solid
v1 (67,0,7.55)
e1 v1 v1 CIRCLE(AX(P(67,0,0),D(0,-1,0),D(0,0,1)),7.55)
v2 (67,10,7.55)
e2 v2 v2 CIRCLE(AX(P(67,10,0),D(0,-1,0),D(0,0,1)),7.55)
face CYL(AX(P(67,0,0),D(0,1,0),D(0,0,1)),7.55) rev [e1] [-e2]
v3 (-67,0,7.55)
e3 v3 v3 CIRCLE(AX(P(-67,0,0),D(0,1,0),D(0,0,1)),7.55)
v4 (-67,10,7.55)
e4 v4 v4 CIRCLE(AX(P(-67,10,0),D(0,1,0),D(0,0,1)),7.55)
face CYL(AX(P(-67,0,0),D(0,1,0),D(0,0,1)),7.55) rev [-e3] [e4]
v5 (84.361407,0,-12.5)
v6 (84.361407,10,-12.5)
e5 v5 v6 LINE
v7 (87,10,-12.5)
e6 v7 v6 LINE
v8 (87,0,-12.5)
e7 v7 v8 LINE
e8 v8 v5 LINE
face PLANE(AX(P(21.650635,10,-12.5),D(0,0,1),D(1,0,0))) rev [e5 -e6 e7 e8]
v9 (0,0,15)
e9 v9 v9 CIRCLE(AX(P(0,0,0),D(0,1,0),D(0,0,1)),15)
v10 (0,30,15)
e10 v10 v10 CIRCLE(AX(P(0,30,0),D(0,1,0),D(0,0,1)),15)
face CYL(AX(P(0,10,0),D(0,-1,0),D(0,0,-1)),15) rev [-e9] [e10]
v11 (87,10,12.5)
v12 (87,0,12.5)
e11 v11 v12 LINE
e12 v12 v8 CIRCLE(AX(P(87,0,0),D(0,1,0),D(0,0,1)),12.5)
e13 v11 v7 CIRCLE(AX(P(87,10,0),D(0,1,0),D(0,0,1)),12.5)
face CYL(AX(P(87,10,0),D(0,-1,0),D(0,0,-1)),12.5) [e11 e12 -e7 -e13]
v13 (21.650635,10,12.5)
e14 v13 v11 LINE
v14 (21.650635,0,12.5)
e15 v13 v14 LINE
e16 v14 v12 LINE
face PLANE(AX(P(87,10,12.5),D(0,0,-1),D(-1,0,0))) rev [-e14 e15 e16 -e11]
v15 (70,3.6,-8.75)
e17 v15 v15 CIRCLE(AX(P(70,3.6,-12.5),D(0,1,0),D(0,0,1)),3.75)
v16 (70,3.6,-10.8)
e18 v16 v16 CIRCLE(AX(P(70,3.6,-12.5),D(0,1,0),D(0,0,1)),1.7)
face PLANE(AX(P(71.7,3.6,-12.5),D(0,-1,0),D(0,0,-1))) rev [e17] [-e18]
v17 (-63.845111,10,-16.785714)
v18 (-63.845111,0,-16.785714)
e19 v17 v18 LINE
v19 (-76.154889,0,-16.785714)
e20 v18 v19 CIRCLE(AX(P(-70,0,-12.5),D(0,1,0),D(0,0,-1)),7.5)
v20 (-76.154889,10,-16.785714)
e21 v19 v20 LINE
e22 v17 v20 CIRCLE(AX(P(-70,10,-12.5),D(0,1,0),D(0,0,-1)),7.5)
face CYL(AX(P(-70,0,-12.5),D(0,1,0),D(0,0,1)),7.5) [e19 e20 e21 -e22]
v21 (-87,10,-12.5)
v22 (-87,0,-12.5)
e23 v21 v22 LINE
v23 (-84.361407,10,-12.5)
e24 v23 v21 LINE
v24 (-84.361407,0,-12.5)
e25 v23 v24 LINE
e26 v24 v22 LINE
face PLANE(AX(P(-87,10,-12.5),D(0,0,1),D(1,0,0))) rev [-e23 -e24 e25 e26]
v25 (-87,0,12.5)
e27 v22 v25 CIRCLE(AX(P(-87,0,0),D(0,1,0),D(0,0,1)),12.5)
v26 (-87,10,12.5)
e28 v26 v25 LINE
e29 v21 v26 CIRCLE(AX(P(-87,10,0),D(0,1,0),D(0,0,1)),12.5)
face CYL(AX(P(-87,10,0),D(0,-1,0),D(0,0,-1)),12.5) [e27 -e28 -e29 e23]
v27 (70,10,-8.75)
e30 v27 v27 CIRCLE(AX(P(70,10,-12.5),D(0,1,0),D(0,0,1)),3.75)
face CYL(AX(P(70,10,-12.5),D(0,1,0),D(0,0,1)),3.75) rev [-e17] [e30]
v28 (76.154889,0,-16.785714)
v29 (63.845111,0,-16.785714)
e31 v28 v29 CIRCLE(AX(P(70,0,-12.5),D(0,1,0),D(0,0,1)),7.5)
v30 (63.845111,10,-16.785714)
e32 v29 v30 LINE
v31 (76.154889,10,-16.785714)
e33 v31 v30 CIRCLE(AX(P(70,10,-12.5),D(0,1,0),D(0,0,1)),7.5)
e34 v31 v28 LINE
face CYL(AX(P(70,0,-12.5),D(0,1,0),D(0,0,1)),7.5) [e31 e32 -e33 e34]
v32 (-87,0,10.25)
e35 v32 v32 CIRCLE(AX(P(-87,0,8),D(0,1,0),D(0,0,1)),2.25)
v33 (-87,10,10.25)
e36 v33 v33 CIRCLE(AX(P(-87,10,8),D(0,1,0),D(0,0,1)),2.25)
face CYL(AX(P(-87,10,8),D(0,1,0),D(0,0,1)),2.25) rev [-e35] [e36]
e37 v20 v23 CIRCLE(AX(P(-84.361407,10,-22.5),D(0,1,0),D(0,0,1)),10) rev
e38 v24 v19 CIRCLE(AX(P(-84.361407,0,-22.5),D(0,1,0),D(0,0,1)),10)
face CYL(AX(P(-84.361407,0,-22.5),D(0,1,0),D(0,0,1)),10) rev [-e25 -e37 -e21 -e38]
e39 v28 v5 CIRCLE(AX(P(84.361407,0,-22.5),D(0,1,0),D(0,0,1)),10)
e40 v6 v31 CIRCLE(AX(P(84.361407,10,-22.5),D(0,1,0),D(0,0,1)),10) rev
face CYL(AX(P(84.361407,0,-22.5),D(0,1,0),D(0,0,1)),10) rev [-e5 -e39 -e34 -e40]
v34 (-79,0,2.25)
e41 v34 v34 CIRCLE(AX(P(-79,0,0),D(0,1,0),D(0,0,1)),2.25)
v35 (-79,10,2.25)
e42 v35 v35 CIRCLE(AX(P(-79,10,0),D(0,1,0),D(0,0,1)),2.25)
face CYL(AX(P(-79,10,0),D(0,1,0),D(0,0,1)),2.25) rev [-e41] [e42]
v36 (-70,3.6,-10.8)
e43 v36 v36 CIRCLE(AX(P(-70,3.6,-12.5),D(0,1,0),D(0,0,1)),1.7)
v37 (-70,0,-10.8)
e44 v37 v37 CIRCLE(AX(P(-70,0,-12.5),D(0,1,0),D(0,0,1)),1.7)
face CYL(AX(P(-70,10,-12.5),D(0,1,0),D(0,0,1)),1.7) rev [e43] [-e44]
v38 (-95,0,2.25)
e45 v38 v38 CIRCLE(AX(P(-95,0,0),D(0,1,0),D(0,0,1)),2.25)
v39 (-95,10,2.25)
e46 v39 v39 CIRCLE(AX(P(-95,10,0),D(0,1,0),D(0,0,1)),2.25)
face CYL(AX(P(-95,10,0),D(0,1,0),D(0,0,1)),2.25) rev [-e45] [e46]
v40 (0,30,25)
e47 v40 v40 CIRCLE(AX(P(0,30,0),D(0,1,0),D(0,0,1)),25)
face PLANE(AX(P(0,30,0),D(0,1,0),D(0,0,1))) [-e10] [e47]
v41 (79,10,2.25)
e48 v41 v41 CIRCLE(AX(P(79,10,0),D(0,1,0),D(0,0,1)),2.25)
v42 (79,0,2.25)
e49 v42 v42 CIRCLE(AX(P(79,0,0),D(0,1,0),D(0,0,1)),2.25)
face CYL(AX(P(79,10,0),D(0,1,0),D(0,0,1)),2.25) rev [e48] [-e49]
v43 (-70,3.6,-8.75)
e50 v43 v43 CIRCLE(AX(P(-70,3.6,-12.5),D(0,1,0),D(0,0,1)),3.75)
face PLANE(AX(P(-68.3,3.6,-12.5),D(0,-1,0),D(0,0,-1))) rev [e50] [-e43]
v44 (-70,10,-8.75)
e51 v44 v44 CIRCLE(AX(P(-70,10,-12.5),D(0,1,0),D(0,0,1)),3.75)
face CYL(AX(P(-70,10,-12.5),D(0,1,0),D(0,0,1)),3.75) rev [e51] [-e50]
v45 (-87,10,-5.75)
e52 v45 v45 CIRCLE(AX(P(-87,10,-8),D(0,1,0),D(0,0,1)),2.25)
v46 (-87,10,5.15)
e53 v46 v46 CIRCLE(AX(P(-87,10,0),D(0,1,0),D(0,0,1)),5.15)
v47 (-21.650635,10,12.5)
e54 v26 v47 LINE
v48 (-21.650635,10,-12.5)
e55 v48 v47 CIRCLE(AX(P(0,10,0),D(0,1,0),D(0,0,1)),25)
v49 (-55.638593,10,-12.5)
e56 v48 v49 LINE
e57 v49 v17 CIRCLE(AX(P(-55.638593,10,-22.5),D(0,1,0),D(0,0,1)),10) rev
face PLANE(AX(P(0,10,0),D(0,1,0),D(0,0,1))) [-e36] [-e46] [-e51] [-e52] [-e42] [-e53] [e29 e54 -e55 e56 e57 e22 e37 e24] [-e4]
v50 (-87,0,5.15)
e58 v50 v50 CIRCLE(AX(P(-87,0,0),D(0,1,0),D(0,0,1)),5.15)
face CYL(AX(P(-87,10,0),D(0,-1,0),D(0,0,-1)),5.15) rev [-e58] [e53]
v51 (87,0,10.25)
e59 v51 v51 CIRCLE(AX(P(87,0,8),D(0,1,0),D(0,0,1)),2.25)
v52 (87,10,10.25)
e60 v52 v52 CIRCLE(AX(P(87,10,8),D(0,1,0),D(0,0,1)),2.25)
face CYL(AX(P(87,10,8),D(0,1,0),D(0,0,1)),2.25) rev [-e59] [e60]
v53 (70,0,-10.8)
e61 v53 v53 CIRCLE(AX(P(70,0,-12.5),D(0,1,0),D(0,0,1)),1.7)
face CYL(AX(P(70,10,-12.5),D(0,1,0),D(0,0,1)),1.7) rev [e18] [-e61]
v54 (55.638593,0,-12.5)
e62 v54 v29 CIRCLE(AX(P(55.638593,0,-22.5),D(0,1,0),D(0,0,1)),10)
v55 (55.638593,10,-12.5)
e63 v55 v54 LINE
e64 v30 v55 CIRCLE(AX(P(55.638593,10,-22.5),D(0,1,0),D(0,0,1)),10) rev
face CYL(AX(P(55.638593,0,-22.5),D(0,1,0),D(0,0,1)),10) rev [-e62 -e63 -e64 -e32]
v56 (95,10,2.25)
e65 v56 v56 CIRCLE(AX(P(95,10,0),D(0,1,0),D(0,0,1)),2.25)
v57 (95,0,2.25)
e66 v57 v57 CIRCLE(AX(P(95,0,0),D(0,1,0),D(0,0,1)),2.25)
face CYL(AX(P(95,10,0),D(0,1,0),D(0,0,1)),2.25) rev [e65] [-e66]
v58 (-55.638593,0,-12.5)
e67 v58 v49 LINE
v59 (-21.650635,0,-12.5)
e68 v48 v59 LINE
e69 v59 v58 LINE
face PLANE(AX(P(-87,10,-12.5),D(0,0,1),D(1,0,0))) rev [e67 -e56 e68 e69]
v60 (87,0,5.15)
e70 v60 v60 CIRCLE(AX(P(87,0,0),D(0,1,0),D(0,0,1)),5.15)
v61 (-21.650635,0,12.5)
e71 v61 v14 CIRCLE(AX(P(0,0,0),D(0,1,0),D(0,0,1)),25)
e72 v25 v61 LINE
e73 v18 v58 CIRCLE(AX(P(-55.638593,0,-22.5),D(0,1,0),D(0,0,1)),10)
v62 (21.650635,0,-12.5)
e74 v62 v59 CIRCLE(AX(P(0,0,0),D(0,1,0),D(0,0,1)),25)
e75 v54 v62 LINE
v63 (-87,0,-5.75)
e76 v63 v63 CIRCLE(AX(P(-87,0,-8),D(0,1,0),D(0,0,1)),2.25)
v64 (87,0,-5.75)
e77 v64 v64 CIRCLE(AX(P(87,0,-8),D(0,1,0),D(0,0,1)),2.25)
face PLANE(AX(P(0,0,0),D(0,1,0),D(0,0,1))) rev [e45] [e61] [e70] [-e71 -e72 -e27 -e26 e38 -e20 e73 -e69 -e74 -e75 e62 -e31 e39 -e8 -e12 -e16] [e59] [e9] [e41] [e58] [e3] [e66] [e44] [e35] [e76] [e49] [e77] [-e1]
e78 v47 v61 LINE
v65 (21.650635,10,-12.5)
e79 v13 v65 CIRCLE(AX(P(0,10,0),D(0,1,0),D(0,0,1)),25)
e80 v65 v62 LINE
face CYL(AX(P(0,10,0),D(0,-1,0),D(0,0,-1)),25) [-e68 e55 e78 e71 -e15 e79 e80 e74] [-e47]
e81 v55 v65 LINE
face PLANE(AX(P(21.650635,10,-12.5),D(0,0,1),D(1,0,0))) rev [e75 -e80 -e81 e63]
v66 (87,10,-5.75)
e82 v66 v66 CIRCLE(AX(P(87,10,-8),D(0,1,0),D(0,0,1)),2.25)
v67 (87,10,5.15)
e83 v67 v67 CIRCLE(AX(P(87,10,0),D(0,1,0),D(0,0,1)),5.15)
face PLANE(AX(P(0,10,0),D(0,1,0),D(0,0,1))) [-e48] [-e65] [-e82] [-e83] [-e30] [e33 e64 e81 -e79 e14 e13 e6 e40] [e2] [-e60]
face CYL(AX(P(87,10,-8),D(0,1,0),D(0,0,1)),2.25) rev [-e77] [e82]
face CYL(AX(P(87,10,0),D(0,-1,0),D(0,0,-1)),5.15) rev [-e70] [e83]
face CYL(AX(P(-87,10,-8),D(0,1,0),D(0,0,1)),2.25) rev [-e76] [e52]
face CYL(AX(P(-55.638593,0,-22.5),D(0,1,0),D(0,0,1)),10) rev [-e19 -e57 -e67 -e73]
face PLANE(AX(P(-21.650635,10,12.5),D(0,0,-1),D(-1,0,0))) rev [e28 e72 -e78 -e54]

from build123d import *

# Parameters (mm, degrees)
ESQUISSE1_R                                        = 5.15
ESQUISSE1_R_2                                      = 15
BOSS_EXTRU_1_DEPTH                                 = 10
DIAM_TRE_DU_PER_AGE_4_5_4_5_1_D                    = 4.5
R_P_TITION_CIRCULAIRE1_COUNT                       = 4
ESQUISSE4_R                                        = 7.55
ENL_V_MAT_EXTRU_1_DEPTH                            = 104.078853311
SYM_TRIE1_COPY_1_D                                 = 4.5
SYM_TRIE1_COPY_2_D                                 = 4.5
SYM_TRIE1_COPY_3_D                                 = 4.5
ESQUISSE7_R                                        = 25
ESQUISSE7_R_2                                      = 15
BOSS_EXTRU_3_DEPTH                                 = 20
BOSS_EXTRU_4_DEPTH                                 = 10
CHAMBRAGE_POUR_VIS_T_TE_RONDE_BOMB_E_M_D           = 3.4
CHAMBRAGE_POUR_VIS_T_TE_RONDE_BOMB_E_M_CBORE_D     = 7.5
CHAMBRAGE_POUR_VIS_T_TE_RONDE_BOMB_E_M_CBORE_DEPTH = 6.4
CONG_1_R                                           = 10


with BuildPart() as part:
    # Esquisse1 → Boss.-Extru.1 (new body)
    with BuildSketch(Plane(origin=(0, 0, 0), x_dir=(1, 0, 0), z_dir=(0, 1, 0))):
        with BuildLine():
            Line((87, -12.5), (21.650635095, -12.5))
            ThreePointArc((21.650635095, -12.5), (0, -25), (-21.650635095, -12.5))
            Line((-21.650635095, -12.5), (-87, -12.5))
            ThreePointArc((-87, -12.5), (-99.5, 0), (-87, 12.5))
            Line((-87, 12.5), (-21.650635095, 12.5))
            ThreePointArc((-21.650635095, 12.5), (0, 25), (21.650635095, 12.5))
            Line((21.650635095, 12.5), (87, 12.5))
            ThreePointArc((87, 12.5), (99.5, 0), (87, -12.5))
        make_face()
        with Locations(Location((-87, 0, 0), (0, 0, 270))):
            Circle(ESQUISSE1_R, mode=Mode.SUBTRACT)
        with Locations(Location((87, 0, 0), (0, 0, 270))):
            Circle(ESQUISSE1_R, mode=Mode.SUBTRACT)
        with Locations(Location((0, 0, 0), (0, 0, 270))):
            Circle(ESQUISSE1_R_2, mode=Mode.SUBTRACT)
    extrude(amount=BOSS_EXTRU_1_DEPTH)

    # Diamètre du perçage Ø4.5 (4.5)1 (through all)
    with Locations(Plane(origin=(0, 10, 0), x_dir=(1, 0, 0), z_dir=(0, 1, 0))):
        with Locations((-87, 8)):
            diam_tre_du_per_age_4_5_4_5_1 = Hole(DIAM_TRE_DU_PER_AGE_4_5_4_5_1_D / 2)

    # Répétition circulaire1: Diamètre du perçage Ø4.5 (4.5)1 ×4 about axis
    r_p_tition_circulaire1_axis = Axis((-87, 0, 0), (0, 1, 0))
    for i in range(1, R_P_TITION_CIRCULAIRE1_COUNT):
        add(diam_tre_du_per_age_4_5_4_5_1.rotate(r_p_tition_circulaire1_axis, i * 360 / R_P_TITION_CIRCULAIRE1_COUNT), mode=Mode.SUBTRACT)

    # Esquisse4 → Enlèv. mat.-Extru.1 (cut, through all)
    with BuildSketch(Plane(origin=(0, 10, 0), x_dir=(1, 0, 0), z_dir=(0, 1, 0))):
        with Locations(Location((-67, 0, 0), (0, 0, 270))):
            Circle(ESQUISSE4_R)
    enl_v_mat_extru_1 = extrude(amount=-ENL_V_MAT_EXTRU_1_DEPTH, mode=Mode.SUBTRACT)

    # Symétrie1: Diamètre du perçage Ø4.5 (4.5)1, Enlèv. mat.-Extru.1 across plane
    add(diam_tre_du_per_age_4_5_4_5_1.mirror(Plane(origin=(0, 0, 0), x_dir=(0, 0, 1), z_dir=(1, 0, 0))), mode=Mode.SUBTRACT)
    add(enl_v_mat_extru_1.mirror(Plane(origin=(0, 0, 0), x_dir=(0, 0, 1), z_dir=(1, 0, 0))), mode=Mode.SUBTRACT)

    # Symétrie1 copy 1 (through all)
    with Locations(Plane(origin=(87, 10, -87), x_dir=(0, 0, -1), z_dir=(0, 1, 0))):
        with Locations((-87, -8)):
            Hole(SYM_TRIE1_COPY_1_D / 2)

    # Symétrie1 copy 2 (through all)
    with Locations(Plane(origin=(174, 10, 0), x_dir=(1, 0, 0), z_dir=(0, 1, 0))):
        with Locations((-87, -8)):
            Hole(SYM_TRIE1_COPY_2_D / 2)

    # Symétrie1 copy 3 (through all)
    with Locations(Plane(origin=(87, 10, 87), x_dir=(0, 0, 1), z_dir=(0, 1, 0))):
        with Locations((-87, -8)):
            Hole(SYM_TRIE1_COPY_3_D / 2)

    # Esquisse7 → Boss.-Extru.3 (add)
    with BuildSketch(Plane(origin=(0, 10, 0), x_dir=(1, 0, 0), z_dir=(0, 1, 0))):
        with Locations(Location((0, 0, 0), (0, 0, 30))):
            Circle(ESQUISSE7_R)
        with Locations(Location((0, 0, 0), (0, 0, 270))):
            Circle(ESQUISSE7_R_2, mode=Mode.SUBTRACT)
    extrude(amount=BOSS_EXTRU_3_DEPTH)

    # Esquisse8 → Boss.-Extru.4 (add, through all)
    with BuildSketch(Plane(origin=(0, 10, 0), x_dir=(1, 0, 0), z_dir=(0, 1, 0))):
        with BuildLine():
            Line((62.5, 12.5), (77.5, 12.5))
            ThreePointArc((77.5, 12.5), (70, 20), (62.5, 12.5))
        make_face()
        with BuildLine():
            Line((-62.5, 12.5), (-77.5, 12.5))
            ThreePointArc((-77.5, 12.5), (-70, 20), (-62.5, 12.5))
        make_face()
    extrude(amount=-BOSS_EXTRU_4_DEPTH)

    # Chambrage pour vis à tête ronde bombée M31 (through all)
    with Locations(Plane(origin=(0, 10, 0), x_dir=(1, 0, 0), z_dir=(0, 1, 0))):
        with Locations((70, 12.5), (-70, 12.5)):
            CounterBoreHole(CHAMBRAGE_POUR_VIS_T_TE_RONDE_BOMB_E_M_D / 2, CHAMBRAGE_POUR_VIS_T_TE_RONDE_BOMB_E_M_CBORE_D / 2, CHAMBRAGE_POUR_VIS_T_TE_RONDE_BOMB_E_M_CBORE_DEPTH)

    # Congé1
    cong_1_edges = [part.edges().sort_by_distance(p)[0] for p in [
        (62.5, 5, -12.5),
        (77.5, 5, -12.5),
        (-77.5, 5, -12.5),
        (-62.5, 5, -12.5),
    ]]
    fillet(cong_1_edges, radius=CONG_1_R)


solid = part.part
